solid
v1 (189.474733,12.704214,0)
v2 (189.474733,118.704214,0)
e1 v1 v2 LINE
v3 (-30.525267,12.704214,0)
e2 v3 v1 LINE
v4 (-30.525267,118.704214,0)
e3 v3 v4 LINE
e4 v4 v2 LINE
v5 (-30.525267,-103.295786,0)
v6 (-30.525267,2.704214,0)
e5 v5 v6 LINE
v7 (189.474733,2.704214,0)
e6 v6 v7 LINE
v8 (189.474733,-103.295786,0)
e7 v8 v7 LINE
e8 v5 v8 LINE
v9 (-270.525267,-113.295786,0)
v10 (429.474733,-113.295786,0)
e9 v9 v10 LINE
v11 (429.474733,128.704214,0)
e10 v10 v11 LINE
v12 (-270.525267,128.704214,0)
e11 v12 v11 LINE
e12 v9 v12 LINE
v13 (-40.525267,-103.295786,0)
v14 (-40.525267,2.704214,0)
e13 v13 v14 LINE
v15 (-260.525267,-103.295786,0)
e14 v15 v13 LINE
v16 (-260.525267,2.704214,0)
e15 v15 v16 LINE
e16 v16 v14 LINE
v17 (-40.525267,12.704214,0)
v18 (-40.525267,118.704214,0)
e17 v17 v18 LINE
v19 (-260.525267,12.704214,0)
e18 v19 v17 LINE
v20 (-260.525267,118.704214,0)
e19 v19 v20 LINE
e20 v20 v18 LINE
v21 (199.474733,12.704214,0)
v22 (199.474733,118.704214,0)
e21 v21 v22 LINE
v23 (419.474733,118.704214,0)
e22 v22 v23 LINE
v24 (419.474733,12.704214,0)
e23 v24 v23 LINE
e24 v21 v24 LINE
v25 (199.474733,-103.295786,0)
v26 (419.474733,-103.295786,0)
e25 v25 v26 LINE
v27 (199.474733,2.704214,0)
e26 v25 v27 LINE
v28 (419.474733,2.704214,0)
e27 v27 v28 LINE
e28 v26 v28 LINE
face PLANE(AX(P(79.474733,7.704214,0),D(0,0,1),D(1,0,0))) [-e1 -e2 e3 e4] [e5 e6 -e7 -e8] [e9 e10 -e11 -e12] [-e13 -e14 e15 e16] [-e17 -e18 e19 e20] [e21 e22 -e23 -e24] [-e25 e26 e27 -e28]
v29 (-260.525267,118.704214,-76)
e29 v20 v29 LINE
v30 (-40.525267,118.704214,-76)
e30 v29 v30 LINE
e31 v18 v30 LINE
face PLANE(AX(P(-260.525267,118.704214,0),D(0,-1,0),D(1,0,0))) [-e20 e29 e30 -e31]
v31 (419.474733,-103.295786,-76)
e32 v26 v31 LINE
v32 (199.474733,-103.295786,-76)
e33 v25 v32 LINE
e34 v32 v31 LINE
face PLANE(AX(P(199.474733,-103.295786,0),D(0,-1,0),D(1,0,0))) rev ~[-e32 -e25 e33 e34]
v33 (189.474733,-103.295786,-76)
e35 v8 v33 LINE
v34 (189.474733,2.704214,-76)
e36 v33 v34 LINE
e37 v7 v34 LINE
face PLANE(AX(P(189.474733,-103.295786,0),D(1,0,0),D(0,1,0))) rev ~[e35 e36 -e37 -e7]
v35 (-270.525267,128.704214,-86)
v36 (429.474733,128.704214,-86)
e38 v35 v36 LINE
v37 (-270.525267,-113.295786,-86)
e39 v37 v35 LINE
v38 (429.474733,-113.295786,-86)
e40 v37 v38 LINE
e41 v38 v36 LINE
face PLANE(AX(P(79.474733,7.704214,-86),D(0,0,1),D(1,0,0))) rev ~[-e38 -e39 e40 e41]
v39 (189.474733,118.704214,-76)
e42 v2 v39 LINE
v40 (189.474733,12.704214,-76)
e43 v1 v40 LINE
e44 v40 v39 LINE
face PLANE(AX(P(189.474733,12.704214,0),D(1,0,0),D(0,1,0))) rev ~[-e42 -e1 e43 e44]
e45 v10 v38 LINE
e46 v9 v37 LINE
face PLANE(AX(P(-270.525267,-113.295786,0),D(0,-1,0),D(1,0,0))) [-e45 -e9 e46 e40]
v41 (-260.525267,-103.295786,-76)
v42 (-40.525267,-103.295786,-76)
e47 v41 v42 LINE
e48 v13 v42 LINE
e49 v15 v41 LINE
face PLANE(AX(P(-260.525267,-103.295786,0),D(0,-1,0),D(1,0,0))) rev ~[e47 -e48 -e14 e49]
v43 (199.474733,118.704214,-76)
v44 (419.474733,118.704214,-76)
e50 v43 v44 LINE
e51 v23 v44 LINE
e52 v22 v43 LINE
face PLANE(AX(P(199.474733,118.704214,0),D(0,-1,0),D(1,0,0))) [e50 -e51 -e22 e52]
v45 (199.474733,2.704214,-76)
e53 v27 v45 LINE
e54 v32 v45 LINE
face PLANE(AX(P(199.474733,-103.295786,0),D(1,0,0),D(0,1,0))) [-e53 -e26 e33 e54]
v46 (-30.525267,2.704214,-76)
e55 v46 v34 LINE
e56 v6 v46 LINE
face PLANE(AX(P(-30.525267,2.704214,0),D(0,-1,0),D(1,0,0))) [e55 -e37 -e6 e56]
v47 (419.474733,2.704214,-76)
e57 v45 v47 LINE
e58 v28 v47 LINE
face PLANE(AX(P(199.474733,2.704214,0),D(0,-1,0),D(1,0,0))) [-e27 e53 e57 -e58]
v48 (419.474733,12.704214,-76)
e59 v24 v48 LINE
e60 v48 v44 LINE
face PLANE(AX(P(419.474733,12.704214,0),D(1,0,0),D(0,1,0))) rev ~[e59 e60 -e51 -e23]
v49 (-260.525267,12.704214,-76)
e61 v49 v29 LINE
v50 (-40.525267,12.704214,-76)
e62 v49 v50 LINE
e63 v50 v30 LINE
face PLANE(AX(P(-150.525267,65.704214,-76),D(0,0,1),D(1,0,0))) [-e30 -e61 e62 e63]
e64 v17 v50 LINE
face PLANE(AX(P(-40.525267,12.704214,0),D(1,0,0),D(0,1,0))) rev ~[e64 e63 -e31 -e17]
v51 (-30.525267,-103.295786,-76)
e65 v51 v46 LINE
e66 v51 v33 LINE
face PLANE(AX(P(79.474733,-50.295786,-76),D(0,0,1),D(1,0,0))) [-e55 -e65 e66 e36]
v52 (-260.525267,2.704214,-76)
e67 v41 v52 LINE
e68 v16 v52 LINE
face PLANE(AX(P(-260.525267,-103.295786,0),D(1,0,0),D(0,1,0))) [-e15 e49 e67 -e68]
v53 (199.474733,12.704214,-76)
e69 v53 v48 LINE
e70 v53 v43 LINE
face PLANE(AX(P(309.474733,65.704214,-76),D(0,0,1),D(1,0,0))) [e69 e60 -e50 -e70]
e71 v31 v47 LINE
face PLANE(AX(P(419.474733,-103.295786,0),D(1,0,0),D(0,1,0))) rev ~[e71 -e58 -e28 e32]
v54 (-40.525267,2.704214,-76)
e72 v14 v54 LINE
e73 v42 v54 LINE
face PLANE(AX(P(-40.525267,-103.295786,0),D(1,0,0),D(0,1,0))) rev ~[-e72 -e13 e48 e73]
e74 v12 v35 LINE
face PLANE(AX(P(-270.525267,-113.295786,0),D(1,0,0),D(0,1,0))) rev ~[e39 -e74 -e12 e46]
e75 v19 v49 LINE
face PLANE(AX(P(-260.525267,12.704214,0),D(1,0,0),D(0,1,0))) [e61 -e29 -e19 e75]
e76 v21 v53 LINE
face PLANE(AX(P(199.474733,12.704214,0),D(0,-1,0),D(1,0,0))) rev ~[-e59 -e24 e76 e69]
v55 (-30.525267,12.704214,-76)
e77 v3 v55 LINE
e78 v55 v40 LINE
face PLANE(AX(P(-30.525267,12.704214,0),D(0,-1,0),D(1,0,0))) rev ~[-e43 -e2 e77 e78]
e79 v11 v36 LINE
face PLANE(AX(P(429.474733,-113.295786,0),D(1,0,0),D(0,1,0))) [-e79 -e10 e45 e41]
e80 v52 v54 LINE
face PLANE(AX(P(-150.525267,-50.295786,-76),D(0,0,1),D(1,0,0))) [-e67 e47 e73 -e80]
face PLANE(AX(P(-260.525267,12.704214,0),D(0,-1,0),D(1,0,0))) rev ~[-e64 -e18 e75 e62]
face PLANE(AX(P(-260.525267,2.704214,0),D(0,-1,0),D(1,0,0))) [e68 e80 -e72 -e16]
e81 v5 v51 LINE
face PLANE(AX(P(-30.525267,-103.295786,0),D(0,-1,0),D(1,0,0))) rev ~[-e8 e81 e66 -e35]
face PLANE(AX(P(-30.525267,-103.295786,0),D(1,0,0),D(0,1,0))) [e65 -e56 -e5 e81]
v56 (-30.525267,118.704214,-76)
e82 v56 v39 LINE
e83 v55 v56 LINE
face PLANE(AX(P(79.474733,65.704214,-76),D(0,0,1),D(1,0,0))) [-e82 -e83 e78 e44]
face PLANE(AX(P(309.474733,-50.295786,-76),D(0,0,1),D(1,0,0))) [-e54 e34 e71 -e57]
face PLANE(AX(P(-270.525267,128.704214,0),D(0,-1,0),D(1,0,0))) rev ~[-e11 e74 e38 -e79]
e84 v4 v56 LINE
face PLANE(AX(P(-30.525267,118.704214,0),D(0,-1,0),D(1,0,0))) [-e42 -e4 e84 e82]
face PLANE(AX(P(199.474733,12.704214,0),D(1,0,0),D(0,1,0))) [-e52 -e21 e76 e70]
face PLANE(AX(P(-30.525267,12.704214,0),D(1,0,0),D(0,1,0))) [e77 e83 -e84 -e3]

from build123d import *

# Parameters (mm, degrees)
F2_W     = 700
F2_H     = 242
F2_W_2   = 220
F2_H_2   = 106
F3_DEPTH = 86
F4_DEPTH = 76


with BuildPart() as f3:
    # F2 (on Top) → F3 (new body)
    with BuildSketch(Plane.XY):
        with Locations((79.4747328101, 7.7042136107)):
            Rectangle(F2_W, F2_H)
        with Locations((-150.5252671899, -50.2957863893)):
            Rectangle(F2_W_2, F2_H_2, mode=Mode.SUBTRACT)
        with Locations((79.4747328101, -50.2957863893)):
            Rectangle(F2_W_2, F2_H_2, mode=Mode.SUBTRACT)
        with Locations((309.4747328101, -50.2957863893)):
            Rectangle(F2_W_2, F2_H_2, mode=Mode.SUBTRACT)
        with Locations((-150.5252671899, 65.7042136107)):
            Rectangle(F2_W_2, F2_H_2, mode=Mode.SUBTRACT)
        with Locations((79.4747328101, 65.7042136107)):
            Rectangle(F2_W_2, F2_H_2, mode=Mode.SUBTRACT)
        with Locations((309.4747328101, 65.7042136107)):
            Rectangle(F2_W_2, F2_H_2, mode=Mode.SUBTRACT)
        with Locations((-150.5252671899, 65.7042136107)):
            Rectangle(F2_W_2, F2_H_2)
        with Locations((-150.5252671899, -50.2957863893)):
            Rectangle(F2_W_2, F2_H_2)
        with Locations((79.4747328101, -50.2957863893)):
            Rectangle(F2_W_2, F2_H_2)
        with Locations((79.4747328101, 65.7042136107)):
            Rectangle(F2_W_2, F2_H_2)
        with Locations((309.4747328101, 65.7042136107)):
            Rectangle(F2_W_2, F2_H_2)
        with Locations((309.4747328101, -50.2957863893)):
            Rectangle(F2_W_2, F2_H_2)
    extrude(amount=-F3_DEPTH)

    # F2 (on Top) → F4 (cut)
    with BuildSketch(Plane.XY):
        with Locations((-150.5252671899, 65.7042136107)):
            Rectangle(F2_W_2, F2_H_2)
        with Locations((-150.5252671899, -50.2957863893)):
            Rectangle(F2_W_2, F2_H_2)
        with Locations((79.4747328101, 65.7042136107)):
            Rectangle(F2_W_2, F2_H_2)
        with Locations((79.4747328101, -50.2957863893)):
            Rectangle(F2_W_2, F2_H_2)
        with Locations((309.4747328101, 65.7042136107)):
            Rectangle(F2_W_2, F2_H_2)
        with Locations((309.4747328101, -50.2957863893)):
            Rectangle(F2_W_2, F2_H_2)
    extrude(amount=-F4_DEPTH, mode=Mode.SUBTRACT)


solid = f3.part
